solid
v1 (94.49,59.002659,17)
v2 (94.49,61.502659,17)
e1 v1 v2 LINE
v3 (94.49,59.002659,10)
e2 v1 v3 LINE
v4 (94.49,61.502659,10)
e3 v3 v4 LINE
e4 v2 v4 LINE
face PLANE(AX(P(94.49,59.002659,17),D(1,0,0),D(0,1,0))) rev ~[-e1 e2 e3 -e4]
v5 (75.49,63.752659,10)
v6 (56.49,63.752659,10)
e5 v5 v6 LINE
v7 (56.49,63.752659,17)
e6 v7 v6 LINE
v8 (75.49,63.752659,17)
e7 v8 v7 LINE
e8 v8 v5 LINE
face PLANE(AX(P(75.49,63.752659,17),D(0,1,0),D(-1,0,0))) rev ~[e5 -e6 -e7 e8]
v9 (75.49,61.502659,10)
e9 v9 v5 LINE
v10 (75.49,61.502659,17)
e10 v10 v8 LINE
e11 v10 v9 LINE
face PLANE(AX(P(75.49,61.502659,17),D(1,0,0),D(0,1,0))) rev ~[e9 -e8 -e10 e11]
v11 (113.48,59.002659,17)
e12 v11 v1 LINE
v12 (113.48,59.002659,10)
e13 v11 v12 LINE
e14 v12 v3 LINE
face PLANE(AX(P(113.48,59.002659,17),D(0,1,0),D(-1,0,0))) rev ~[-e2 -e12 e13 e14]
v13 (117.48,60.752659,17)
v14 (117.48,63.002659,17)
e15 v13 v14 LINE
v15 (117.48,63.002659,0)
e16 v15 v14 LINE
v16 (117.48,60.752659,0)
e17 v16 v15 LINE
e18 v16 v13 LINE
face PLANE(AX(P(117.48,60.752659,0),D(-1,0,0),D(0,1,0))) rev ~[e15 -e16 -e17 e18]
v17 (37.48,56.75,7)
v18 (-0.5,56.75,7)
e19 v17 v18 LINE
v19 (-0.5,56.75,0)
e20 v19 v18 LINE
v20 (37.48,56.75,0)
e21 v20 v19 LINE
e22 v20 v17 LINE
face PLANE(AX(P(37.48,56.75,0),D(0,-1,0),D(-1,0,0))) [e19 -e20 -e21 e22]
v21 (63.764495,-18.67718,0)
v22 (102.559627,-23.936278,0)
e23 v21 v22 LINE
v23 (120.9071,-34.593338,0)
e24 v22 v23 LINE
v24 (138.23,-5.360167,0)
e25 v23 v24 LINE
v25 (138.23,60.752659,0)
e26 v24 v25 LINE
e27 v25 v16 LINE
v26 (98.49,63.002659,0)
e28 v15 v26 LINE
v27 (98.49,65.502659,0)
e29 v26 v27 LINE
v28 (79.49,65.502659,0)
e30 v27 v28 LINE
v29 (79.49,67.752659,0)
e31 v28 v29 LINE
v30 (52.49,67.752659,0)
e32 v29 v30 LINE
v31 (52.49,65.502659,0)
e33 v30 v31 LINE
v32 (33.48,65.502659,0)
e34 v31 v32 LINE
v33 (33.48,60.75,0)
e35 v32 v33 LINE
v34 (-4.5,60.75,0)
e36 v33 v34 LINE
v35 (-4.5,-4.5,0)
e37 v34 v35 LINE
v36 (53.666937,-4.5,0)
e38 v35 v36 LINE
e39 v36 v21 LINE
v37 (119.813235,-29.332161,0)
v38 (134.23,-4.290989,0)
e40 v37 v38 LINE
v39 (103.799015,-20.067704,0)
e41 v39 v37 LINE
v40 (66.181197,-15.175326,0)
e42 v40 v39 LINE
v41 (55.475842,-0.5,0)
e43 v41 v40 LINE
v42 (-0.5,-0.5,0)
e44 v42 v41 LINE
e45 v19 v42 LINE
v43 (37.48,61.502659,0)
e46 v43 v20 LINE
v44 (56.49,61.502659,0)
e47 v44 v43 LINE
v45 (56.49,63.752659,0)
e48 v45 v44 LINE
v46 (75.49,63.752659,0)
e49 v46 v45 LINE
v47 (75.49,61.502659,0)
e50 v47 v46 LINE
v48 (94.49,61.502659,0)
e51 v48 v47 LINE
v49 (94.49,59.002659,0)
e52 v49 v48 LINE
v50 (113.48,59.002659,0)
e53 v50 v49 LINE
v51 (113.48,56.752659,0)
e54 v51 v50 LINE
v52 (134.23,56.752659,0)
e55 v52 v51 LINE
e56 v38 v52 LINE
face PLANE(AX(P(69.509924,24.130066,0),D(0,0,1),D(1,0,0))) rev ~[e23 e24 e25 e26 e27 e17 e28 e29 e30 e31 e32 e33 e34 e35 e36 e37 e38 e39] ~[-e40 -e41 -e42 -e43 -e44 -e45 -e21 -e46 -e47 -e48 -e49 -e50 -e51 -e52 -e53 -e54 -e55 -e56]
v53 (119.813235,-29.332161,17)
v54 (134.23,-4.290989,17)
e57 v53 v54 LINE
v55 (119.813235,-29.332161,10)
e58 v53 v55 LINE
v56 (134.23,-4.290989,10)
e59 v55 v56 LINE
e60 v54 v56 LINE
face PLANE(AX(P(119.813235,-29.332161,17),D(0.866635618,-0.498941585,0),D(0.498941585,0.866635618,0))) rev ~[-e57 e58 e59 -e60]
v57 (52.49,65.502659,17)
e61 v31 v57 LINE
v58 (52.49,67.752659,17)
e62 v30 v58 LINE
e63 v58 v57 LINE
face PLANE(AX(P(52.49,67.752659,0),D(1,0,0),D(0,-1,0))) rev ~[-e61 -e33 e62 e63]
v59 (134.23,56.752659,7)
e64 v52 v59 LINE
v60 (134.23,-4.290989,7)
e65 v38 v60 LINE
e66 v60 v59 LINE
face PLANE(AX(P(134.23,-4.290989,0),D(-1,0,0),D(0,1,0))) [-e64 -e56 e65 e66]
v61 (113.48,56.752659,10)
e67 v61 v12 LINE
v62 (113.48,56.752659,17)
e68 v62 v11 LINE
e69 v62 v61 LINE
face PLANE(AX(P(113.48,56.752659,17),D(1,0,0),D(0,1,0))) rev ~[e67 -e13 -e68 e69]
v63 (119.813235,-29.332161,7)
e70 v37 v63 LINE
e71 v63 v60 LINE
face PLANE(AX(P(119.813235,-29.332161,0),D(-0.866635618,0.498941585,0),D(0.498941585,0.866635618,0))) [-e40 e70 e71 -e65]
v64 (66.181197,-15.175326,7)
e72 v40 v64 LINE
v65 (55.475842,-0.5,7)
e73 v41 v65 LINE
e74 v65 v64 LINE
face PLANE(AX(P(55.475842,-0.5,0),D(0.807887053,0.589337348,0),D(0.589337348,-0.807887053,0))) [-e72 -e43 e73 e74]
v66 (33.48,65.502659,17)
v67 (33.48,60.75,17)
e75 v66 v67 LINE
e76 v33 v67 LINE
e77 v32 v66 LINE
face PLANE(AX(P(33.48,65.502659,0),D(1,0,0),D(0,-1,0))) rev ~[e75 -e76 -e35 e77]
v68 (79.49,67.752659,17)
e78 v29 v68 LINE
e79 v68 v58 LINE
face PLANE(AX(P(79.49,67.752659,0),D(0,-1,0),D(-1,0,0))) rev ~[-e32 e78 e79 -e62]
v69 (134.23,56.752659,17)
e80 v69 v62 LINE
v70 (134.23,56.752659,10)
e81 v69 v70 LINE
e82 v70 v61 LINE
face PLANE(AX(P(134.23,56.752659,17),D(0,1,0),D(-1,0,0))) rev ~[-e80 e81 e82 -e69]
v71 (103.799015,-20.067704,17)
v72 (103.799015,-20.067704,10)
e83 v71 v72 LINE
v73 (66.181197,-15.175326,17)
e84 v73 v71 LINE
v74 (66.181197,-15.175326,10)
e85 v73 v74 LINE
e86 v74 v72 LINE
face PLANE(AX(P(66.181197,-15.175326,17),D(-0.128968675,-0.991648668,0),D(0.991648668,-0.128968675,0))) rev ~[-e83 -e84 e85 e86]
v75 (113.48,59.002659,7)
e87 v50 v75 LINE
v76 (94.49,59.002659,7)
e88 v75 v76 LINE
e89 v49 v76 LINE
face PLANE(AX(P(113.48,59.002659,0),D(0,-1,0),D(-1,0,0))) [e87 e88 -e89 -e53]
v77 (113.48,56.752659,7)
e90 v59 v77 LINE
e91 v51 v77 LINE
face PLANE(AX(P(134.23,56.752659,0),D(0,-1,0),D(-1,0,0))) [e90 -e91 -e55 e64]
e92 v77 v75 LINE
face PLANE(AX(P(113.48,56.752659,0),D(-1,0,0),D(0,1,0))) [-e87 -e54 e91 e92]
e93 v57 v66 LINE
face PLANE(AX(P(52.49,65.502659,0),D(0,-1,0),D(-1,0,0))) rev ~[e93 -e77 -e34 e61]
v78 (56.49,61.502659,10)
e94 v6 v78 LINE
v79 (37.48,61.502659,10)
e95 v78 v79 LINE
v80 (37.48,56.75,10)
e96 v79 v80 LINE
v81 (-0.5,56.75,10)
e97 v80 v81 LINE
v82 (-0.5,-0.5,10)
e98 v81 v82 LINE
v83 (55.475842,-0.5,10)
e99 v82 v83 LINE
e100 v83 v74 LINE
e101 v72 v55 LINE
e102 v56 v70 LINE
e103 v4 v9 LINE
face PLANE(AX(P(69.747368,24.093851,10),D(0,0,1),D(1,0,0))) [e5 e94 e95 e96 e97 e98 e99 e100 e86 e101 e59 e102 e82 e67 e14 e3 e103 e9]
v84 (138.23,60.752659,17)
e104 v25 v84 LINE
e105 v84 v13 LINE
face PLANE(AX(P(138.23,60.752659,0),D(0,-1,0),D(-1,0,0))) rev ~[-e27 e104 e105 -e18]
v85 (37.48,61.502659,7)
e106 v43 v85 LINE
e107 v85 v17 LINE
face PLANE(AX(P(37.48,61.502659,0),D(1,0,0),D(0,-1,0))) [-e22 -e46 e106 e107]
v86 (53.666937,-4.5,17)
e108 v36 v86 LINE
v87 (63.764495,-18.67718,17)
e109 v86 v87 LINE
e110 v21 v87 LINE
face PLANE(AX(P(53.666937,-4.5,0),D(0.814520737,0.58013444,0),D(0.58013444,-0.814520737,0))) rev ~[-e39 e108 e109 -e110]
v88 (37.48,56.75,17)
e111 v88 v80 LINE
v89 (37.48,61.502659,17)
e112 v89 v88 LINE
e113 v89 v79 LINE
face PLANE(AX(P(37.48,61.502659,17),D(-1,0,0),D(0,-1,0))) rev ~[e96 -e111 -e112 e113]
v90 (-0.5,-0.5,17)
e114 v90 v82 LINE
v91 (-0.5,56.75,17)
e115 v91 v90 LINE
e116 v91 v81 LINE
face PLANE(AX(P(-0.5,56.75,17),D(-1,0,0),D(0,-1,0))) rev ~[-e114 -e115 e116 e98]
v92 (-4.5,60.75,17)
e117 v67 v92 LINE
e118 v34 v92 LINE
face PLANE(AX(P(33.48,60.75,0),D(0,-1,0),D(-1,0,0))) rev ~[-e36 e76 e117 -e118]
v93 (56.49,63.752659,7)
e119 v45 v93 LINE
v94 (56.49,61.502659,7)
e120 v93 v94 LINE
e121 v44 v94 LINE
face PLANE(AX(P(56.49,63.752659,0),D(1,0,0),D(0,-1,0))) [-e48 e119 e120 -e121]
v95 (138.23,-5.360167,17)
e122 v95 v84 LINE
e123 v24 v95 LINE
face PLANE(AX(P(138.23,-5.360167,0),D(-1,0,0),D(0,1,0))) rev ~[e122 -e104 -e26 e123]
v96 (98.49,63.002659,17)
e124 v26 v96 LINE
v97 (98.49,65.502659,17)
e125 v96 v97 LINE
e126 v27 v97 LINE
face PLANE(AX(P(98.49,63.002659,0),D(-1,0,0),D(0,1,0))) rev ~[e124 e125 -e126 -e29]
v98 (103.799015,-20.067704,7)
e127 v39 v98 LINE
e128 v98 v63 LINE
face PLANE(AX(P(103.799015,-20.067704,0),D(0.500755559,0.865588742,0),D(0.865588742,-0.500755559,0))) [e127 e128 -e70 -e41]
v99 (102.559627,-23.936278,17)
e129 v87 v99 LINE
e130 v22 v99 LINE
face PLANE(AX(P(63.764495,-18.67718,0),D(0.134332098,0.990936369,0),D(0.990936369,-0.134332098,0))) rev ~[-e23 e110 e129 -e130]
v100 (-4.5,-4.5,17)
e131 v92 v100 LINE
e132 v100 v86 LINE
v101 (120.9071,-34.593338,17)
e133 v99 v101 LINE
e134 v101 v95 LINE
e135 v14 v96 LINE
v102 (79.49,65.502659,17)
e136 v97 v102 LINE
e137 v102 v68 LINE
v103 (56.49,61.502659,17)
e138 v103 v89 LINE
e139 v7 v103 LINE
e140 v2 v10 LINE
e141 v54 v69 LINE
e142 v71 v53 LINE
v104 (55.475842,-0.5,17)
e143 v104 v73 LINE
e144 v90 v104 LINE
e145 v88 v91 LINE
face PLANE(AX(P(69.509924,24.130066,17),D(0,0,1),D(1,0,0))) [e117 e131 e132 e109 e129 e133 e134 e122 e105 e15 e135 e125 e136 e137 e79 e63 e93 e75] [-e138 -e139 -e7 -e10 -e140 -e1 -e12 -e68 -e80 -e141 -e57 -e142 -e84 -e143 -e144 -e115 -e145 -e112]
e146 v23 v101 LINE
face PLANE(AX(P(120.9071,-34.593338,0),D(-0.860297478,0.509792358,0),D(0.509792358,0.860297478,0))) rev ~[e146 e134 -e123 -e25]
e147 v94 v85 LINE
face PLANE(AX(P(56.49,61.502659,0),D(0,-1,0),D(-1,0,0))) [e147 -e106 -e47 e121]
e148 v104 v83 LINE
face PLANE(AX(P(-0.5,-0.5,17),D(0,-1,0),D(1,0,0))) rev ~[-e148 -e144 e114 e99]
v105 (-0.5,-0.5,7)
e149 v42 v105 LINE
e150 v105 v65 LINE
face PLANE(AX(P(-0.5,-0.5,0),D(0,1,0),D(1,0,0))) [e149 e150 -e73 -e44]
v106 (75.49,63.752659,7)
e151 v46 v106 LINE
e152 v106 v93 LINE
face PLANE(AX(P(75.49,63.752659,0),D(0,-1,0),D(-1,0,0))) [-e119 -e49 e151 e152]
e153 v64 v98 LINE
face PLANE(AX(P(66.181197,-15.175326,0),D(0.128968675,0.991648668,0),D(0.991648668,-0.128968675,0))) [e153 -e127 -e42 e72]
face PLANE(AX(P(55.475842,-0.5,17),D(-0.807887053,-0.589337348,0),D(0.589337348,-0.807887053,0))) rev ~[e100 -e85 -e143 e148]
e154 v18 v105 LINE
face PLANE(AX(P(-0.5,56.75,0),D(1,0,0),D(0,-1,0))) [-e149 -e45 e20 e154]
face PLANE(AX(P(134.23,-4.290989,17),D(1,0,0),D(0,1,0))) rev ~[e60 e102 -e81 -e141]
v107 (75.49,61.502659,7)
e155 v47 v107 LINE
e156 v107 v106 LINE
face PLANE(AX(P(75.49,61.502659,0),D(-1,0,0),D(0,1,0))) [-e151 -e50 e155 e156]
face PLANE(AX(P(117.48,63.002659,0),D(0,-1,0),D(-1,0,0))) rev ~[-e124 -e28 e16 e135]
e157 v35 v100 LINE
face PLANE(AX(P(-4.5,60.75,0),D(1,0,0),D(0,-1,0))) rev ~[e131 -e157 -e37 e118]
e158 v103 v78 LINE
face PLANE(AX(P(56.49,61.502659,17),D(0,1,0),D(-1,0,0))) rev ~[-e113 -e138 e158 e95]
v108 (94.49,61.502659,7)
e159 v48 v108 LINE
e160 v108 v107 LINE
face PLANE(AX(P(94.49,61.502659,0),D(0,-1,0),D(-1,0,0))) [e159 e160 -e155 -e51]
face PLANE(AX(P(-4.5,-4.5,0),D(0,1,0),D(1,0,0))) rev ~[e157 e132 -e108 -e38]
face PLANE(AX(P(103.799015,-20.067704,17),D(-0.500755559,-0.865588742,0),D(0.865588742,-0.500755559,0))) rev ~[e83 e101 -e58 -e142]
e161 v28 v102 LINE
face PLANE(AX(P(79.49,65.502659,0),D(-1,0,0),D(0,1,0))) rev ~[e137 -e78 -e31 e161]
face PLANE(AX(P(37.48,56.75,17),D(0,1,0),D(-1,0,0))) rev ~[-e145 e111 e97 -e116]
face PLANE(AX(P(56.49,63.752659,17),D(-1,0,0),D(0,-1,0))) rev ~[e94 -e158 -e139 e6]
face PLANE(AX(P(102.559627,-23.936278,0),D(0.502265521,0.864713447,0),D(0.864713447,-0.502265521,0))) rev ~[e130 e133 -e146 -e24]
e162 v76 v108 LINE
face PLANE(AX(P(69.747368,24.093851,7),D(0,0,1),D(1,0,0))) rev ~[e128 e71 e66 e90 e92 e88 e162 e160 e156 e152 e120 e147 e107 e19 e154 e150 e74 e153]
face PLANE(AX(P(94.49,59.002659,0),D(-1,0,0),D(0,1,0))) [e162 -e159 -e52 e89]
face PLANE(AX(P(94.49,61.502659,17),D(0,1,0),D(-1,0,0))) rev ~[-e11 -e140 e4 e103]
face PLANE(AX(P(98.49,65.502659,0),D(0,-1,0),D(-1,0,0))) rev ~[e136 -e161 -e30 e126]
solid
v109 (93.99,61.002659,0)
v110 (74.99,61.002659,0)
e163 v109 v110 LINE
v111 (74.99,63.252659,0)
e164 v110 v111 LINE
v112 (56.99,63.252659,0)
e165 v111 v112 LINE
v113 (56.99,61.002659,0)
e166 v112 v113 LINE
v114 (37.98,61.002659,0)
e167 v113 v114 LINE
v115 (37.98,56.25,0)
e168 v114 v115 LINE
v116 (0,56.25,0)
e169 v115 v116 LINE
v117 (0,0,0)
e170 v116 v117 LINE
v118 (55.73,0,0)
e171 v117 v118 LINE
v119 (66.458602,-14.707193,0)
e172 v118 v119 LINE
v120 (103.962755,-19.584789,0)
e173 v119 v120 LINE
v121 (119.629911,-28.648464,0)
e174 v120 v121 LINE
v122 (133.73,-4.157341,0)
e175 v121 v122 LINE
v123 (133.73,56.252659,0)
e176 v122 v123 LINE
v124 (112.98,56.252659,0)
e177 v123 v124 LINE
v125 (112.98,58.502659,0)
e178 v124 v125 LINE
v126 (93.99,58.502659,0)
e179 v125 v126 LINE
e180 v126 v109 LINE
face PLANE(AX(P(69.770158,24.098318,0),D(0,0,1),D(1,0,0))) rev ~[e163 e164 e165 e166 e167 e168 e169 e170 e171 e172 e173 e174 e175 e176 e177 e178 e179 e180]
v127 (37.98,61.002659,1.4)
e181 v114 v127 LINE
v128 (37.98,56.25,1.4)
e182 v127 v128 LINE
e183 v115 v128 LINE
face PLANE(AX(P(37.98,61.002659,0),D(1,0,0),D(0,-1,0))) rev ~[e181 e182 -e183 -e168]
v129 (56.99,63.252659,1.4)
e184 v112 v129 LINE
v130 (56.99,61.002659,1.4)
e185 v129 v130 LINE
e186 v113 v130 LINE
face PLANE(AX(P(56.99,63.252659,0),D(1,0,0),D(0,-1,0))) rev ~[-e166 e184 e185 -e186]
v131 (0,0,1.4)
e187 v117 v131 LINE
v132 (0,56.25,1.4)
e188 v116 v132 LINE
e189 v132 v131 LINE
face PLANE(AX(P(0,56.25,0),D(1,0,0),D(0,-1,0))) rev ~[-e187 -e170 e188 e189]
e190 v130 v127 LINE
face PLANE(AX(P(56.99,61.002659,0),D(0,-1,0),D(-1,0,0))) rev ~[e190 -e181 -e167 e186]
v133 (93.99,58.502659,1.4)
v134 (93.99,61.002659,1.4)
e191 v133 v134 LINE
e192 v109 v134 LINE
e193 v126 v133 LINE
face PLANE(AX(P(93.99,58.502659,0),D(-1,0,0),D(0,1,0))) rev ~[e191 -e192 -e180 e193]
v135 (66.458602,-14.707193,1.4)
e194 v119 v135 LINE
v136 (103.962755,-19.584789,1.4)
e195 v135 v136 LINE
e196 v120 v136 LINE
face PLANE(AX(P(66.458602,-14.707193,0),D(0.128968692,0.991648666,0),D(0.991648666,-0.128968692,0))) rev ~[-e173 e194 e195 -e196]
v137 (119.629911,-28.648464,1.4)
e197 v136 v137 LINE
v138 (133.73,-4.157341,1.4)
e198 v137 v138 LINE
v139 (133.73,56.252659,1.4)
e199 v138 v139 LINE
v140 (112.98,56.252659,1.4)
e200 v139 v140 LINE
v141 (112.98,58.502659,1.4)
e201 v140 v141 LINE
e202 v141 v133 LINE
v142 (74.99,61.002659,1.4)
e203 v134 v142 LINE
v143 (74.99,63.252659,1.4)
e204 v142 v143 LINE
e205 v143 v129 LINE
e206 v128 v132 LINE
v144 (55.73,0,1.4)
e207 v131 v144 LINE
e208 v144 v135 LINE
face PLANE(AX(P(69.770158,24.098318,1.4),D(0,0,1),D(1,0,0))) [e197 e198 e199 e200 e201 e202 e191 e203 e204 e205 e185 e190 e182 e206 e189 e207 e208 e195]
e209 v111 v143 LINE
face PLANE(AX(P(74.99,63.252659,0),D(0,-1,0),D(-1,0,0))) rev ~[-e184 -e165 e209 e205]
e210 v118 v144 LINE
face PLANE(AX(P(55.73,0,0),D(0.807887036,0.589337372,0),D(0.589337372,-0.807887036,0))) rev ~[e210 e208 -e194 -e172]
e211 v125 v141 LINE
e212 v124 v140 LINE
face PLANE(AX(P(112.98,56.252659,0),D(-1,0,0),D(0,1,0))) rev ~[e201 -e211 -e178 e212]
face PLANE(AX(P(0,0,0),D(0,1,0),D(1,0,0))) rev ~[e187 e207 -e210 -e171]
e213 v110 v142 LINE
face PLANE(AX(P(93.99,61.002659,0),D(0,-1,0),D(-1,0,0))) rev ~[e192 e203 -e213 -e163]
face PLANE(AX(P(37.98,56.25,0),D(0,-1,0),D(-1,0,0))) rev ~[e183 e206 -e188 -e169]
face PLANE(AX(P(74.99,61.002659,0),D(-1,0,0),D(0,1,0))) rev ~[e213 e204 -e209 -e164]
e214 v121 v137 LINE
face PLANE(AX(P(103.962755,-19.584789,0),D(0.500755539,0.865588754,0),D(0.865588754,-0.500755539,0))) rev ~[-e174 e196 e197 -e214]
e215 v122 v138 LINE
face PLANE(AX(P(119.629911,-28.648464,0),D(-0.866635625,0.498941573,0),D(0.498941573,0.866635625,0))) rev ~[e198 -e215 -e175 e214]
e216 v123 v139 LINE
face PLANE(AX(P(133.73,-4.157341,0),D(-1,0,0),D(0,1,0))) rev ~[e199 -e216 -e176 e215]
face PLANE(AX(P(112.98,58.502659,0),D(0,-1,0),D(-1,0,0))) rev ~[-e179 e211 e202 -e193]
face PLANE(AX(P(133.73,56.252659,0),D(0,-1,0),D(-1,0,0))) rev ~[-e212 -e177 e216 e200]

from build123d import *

# Parameters (mm, degrees)
PAD_DEPTH       = 1.4
PAD002_DEPTH    = 17
POCKET_DEPTH    = 7
POCKET001_DEPTH = 7


with BuildPart() as pcb:
    # MirroredSketch017 → Pad (new body)
    with BuildSketch(Plane.XY):
        Polygon((0, 56.25), (0, 0), (55.73, 0), (66.458602, -14.707193), (103.962755, -19.584789), (119.629911, -28.648464), (133.73, -4.157341), (133.73, 56.252659), (112.98, 56.252659), (112.98, 58.502659), (93.99, 58.502659), (93.99, 61.002659), (74.99, 61.002659), (74.99, 63.252659), (56.99, 63.252659), (56.99, 61.002659), (37.98, 61.002659), (37.98, 56.25), align=None)
    extrude(amount=PAD_DEPTH)


with BuildPart() as body:
    # Sketch007 → Pad002 (new body)
    with BuildSketch(Plane.XY):
        Polygon((-4.5, 60.75), (-4.5, -4.5), (53.666937, -4.5), (63.764495, -18.67718), (102.559627, -23.936278), (120.9071, -34.593338), (138.23, -5.360167), (138.23, 60.752659), (117.48, 60.752659), (117.48, 63.002659), (98.49, 63.002659), (98.49, 65.502659), (79.49, 65.502659), (79.49, 67.752659), (52.49, 67.752659), (52.49, 65.502659), (33.48, 65.502659), (33.48, 60.75), align=None)
    extrude(amount=PAD002_DEPTH)

    # Sketch006 → Pocket (cut)
    with BuildSketch(Plane.XY.offset(17)):
        Polygon((-0.5, 56.75), (-0.5, -0.5), (55.475842, -0.5), (66.181197, -15.175326), (103.799015, -20.067704), (119.813235, -29.332161), (134.23, -4.290989), (134.23, 56.752659), (113.48, 56.752659), (113.48, 59.002659), (94.49, 59.002659), (94.49, 61.502659), (75.49, 61.502659), (75.49, 63.752659), (56.49, 63.752659), (56.49, 61.502659), (37.48, 61.502659), (37.48, 56.75), align=None)
    extrude(amount=-POCKET_DEPTH, mode=Mode.SUBTRACT)

    # Sketch008 → Pocket001 (cut)
    with BuildSketch(Plane.XY):
        Polygon((-0.5, 56.75), (-0.5, -0.5), (55.475842, -0.5), (66.181197, -15.175326), (103.799015, -20.067704), (119.813235, -29.332161), (134.23, -4.290989), (134.23, 56.752659), (113.48, 56.752659), (113.48, 59.002659), (94.49, 59.002659), (94.49, 61.502659), (75.49, 61.502659), (75.49, 63.752659), (56.49, 63.752659), (56.49, 61.502659), (37.48, 61.502659), (37.48, 56.75), align=None)
    extrude(amount=POCKET001_DEPTH, mode=Mode.SUBTRACT)


solid = Compound([pcb.part, body.part])
